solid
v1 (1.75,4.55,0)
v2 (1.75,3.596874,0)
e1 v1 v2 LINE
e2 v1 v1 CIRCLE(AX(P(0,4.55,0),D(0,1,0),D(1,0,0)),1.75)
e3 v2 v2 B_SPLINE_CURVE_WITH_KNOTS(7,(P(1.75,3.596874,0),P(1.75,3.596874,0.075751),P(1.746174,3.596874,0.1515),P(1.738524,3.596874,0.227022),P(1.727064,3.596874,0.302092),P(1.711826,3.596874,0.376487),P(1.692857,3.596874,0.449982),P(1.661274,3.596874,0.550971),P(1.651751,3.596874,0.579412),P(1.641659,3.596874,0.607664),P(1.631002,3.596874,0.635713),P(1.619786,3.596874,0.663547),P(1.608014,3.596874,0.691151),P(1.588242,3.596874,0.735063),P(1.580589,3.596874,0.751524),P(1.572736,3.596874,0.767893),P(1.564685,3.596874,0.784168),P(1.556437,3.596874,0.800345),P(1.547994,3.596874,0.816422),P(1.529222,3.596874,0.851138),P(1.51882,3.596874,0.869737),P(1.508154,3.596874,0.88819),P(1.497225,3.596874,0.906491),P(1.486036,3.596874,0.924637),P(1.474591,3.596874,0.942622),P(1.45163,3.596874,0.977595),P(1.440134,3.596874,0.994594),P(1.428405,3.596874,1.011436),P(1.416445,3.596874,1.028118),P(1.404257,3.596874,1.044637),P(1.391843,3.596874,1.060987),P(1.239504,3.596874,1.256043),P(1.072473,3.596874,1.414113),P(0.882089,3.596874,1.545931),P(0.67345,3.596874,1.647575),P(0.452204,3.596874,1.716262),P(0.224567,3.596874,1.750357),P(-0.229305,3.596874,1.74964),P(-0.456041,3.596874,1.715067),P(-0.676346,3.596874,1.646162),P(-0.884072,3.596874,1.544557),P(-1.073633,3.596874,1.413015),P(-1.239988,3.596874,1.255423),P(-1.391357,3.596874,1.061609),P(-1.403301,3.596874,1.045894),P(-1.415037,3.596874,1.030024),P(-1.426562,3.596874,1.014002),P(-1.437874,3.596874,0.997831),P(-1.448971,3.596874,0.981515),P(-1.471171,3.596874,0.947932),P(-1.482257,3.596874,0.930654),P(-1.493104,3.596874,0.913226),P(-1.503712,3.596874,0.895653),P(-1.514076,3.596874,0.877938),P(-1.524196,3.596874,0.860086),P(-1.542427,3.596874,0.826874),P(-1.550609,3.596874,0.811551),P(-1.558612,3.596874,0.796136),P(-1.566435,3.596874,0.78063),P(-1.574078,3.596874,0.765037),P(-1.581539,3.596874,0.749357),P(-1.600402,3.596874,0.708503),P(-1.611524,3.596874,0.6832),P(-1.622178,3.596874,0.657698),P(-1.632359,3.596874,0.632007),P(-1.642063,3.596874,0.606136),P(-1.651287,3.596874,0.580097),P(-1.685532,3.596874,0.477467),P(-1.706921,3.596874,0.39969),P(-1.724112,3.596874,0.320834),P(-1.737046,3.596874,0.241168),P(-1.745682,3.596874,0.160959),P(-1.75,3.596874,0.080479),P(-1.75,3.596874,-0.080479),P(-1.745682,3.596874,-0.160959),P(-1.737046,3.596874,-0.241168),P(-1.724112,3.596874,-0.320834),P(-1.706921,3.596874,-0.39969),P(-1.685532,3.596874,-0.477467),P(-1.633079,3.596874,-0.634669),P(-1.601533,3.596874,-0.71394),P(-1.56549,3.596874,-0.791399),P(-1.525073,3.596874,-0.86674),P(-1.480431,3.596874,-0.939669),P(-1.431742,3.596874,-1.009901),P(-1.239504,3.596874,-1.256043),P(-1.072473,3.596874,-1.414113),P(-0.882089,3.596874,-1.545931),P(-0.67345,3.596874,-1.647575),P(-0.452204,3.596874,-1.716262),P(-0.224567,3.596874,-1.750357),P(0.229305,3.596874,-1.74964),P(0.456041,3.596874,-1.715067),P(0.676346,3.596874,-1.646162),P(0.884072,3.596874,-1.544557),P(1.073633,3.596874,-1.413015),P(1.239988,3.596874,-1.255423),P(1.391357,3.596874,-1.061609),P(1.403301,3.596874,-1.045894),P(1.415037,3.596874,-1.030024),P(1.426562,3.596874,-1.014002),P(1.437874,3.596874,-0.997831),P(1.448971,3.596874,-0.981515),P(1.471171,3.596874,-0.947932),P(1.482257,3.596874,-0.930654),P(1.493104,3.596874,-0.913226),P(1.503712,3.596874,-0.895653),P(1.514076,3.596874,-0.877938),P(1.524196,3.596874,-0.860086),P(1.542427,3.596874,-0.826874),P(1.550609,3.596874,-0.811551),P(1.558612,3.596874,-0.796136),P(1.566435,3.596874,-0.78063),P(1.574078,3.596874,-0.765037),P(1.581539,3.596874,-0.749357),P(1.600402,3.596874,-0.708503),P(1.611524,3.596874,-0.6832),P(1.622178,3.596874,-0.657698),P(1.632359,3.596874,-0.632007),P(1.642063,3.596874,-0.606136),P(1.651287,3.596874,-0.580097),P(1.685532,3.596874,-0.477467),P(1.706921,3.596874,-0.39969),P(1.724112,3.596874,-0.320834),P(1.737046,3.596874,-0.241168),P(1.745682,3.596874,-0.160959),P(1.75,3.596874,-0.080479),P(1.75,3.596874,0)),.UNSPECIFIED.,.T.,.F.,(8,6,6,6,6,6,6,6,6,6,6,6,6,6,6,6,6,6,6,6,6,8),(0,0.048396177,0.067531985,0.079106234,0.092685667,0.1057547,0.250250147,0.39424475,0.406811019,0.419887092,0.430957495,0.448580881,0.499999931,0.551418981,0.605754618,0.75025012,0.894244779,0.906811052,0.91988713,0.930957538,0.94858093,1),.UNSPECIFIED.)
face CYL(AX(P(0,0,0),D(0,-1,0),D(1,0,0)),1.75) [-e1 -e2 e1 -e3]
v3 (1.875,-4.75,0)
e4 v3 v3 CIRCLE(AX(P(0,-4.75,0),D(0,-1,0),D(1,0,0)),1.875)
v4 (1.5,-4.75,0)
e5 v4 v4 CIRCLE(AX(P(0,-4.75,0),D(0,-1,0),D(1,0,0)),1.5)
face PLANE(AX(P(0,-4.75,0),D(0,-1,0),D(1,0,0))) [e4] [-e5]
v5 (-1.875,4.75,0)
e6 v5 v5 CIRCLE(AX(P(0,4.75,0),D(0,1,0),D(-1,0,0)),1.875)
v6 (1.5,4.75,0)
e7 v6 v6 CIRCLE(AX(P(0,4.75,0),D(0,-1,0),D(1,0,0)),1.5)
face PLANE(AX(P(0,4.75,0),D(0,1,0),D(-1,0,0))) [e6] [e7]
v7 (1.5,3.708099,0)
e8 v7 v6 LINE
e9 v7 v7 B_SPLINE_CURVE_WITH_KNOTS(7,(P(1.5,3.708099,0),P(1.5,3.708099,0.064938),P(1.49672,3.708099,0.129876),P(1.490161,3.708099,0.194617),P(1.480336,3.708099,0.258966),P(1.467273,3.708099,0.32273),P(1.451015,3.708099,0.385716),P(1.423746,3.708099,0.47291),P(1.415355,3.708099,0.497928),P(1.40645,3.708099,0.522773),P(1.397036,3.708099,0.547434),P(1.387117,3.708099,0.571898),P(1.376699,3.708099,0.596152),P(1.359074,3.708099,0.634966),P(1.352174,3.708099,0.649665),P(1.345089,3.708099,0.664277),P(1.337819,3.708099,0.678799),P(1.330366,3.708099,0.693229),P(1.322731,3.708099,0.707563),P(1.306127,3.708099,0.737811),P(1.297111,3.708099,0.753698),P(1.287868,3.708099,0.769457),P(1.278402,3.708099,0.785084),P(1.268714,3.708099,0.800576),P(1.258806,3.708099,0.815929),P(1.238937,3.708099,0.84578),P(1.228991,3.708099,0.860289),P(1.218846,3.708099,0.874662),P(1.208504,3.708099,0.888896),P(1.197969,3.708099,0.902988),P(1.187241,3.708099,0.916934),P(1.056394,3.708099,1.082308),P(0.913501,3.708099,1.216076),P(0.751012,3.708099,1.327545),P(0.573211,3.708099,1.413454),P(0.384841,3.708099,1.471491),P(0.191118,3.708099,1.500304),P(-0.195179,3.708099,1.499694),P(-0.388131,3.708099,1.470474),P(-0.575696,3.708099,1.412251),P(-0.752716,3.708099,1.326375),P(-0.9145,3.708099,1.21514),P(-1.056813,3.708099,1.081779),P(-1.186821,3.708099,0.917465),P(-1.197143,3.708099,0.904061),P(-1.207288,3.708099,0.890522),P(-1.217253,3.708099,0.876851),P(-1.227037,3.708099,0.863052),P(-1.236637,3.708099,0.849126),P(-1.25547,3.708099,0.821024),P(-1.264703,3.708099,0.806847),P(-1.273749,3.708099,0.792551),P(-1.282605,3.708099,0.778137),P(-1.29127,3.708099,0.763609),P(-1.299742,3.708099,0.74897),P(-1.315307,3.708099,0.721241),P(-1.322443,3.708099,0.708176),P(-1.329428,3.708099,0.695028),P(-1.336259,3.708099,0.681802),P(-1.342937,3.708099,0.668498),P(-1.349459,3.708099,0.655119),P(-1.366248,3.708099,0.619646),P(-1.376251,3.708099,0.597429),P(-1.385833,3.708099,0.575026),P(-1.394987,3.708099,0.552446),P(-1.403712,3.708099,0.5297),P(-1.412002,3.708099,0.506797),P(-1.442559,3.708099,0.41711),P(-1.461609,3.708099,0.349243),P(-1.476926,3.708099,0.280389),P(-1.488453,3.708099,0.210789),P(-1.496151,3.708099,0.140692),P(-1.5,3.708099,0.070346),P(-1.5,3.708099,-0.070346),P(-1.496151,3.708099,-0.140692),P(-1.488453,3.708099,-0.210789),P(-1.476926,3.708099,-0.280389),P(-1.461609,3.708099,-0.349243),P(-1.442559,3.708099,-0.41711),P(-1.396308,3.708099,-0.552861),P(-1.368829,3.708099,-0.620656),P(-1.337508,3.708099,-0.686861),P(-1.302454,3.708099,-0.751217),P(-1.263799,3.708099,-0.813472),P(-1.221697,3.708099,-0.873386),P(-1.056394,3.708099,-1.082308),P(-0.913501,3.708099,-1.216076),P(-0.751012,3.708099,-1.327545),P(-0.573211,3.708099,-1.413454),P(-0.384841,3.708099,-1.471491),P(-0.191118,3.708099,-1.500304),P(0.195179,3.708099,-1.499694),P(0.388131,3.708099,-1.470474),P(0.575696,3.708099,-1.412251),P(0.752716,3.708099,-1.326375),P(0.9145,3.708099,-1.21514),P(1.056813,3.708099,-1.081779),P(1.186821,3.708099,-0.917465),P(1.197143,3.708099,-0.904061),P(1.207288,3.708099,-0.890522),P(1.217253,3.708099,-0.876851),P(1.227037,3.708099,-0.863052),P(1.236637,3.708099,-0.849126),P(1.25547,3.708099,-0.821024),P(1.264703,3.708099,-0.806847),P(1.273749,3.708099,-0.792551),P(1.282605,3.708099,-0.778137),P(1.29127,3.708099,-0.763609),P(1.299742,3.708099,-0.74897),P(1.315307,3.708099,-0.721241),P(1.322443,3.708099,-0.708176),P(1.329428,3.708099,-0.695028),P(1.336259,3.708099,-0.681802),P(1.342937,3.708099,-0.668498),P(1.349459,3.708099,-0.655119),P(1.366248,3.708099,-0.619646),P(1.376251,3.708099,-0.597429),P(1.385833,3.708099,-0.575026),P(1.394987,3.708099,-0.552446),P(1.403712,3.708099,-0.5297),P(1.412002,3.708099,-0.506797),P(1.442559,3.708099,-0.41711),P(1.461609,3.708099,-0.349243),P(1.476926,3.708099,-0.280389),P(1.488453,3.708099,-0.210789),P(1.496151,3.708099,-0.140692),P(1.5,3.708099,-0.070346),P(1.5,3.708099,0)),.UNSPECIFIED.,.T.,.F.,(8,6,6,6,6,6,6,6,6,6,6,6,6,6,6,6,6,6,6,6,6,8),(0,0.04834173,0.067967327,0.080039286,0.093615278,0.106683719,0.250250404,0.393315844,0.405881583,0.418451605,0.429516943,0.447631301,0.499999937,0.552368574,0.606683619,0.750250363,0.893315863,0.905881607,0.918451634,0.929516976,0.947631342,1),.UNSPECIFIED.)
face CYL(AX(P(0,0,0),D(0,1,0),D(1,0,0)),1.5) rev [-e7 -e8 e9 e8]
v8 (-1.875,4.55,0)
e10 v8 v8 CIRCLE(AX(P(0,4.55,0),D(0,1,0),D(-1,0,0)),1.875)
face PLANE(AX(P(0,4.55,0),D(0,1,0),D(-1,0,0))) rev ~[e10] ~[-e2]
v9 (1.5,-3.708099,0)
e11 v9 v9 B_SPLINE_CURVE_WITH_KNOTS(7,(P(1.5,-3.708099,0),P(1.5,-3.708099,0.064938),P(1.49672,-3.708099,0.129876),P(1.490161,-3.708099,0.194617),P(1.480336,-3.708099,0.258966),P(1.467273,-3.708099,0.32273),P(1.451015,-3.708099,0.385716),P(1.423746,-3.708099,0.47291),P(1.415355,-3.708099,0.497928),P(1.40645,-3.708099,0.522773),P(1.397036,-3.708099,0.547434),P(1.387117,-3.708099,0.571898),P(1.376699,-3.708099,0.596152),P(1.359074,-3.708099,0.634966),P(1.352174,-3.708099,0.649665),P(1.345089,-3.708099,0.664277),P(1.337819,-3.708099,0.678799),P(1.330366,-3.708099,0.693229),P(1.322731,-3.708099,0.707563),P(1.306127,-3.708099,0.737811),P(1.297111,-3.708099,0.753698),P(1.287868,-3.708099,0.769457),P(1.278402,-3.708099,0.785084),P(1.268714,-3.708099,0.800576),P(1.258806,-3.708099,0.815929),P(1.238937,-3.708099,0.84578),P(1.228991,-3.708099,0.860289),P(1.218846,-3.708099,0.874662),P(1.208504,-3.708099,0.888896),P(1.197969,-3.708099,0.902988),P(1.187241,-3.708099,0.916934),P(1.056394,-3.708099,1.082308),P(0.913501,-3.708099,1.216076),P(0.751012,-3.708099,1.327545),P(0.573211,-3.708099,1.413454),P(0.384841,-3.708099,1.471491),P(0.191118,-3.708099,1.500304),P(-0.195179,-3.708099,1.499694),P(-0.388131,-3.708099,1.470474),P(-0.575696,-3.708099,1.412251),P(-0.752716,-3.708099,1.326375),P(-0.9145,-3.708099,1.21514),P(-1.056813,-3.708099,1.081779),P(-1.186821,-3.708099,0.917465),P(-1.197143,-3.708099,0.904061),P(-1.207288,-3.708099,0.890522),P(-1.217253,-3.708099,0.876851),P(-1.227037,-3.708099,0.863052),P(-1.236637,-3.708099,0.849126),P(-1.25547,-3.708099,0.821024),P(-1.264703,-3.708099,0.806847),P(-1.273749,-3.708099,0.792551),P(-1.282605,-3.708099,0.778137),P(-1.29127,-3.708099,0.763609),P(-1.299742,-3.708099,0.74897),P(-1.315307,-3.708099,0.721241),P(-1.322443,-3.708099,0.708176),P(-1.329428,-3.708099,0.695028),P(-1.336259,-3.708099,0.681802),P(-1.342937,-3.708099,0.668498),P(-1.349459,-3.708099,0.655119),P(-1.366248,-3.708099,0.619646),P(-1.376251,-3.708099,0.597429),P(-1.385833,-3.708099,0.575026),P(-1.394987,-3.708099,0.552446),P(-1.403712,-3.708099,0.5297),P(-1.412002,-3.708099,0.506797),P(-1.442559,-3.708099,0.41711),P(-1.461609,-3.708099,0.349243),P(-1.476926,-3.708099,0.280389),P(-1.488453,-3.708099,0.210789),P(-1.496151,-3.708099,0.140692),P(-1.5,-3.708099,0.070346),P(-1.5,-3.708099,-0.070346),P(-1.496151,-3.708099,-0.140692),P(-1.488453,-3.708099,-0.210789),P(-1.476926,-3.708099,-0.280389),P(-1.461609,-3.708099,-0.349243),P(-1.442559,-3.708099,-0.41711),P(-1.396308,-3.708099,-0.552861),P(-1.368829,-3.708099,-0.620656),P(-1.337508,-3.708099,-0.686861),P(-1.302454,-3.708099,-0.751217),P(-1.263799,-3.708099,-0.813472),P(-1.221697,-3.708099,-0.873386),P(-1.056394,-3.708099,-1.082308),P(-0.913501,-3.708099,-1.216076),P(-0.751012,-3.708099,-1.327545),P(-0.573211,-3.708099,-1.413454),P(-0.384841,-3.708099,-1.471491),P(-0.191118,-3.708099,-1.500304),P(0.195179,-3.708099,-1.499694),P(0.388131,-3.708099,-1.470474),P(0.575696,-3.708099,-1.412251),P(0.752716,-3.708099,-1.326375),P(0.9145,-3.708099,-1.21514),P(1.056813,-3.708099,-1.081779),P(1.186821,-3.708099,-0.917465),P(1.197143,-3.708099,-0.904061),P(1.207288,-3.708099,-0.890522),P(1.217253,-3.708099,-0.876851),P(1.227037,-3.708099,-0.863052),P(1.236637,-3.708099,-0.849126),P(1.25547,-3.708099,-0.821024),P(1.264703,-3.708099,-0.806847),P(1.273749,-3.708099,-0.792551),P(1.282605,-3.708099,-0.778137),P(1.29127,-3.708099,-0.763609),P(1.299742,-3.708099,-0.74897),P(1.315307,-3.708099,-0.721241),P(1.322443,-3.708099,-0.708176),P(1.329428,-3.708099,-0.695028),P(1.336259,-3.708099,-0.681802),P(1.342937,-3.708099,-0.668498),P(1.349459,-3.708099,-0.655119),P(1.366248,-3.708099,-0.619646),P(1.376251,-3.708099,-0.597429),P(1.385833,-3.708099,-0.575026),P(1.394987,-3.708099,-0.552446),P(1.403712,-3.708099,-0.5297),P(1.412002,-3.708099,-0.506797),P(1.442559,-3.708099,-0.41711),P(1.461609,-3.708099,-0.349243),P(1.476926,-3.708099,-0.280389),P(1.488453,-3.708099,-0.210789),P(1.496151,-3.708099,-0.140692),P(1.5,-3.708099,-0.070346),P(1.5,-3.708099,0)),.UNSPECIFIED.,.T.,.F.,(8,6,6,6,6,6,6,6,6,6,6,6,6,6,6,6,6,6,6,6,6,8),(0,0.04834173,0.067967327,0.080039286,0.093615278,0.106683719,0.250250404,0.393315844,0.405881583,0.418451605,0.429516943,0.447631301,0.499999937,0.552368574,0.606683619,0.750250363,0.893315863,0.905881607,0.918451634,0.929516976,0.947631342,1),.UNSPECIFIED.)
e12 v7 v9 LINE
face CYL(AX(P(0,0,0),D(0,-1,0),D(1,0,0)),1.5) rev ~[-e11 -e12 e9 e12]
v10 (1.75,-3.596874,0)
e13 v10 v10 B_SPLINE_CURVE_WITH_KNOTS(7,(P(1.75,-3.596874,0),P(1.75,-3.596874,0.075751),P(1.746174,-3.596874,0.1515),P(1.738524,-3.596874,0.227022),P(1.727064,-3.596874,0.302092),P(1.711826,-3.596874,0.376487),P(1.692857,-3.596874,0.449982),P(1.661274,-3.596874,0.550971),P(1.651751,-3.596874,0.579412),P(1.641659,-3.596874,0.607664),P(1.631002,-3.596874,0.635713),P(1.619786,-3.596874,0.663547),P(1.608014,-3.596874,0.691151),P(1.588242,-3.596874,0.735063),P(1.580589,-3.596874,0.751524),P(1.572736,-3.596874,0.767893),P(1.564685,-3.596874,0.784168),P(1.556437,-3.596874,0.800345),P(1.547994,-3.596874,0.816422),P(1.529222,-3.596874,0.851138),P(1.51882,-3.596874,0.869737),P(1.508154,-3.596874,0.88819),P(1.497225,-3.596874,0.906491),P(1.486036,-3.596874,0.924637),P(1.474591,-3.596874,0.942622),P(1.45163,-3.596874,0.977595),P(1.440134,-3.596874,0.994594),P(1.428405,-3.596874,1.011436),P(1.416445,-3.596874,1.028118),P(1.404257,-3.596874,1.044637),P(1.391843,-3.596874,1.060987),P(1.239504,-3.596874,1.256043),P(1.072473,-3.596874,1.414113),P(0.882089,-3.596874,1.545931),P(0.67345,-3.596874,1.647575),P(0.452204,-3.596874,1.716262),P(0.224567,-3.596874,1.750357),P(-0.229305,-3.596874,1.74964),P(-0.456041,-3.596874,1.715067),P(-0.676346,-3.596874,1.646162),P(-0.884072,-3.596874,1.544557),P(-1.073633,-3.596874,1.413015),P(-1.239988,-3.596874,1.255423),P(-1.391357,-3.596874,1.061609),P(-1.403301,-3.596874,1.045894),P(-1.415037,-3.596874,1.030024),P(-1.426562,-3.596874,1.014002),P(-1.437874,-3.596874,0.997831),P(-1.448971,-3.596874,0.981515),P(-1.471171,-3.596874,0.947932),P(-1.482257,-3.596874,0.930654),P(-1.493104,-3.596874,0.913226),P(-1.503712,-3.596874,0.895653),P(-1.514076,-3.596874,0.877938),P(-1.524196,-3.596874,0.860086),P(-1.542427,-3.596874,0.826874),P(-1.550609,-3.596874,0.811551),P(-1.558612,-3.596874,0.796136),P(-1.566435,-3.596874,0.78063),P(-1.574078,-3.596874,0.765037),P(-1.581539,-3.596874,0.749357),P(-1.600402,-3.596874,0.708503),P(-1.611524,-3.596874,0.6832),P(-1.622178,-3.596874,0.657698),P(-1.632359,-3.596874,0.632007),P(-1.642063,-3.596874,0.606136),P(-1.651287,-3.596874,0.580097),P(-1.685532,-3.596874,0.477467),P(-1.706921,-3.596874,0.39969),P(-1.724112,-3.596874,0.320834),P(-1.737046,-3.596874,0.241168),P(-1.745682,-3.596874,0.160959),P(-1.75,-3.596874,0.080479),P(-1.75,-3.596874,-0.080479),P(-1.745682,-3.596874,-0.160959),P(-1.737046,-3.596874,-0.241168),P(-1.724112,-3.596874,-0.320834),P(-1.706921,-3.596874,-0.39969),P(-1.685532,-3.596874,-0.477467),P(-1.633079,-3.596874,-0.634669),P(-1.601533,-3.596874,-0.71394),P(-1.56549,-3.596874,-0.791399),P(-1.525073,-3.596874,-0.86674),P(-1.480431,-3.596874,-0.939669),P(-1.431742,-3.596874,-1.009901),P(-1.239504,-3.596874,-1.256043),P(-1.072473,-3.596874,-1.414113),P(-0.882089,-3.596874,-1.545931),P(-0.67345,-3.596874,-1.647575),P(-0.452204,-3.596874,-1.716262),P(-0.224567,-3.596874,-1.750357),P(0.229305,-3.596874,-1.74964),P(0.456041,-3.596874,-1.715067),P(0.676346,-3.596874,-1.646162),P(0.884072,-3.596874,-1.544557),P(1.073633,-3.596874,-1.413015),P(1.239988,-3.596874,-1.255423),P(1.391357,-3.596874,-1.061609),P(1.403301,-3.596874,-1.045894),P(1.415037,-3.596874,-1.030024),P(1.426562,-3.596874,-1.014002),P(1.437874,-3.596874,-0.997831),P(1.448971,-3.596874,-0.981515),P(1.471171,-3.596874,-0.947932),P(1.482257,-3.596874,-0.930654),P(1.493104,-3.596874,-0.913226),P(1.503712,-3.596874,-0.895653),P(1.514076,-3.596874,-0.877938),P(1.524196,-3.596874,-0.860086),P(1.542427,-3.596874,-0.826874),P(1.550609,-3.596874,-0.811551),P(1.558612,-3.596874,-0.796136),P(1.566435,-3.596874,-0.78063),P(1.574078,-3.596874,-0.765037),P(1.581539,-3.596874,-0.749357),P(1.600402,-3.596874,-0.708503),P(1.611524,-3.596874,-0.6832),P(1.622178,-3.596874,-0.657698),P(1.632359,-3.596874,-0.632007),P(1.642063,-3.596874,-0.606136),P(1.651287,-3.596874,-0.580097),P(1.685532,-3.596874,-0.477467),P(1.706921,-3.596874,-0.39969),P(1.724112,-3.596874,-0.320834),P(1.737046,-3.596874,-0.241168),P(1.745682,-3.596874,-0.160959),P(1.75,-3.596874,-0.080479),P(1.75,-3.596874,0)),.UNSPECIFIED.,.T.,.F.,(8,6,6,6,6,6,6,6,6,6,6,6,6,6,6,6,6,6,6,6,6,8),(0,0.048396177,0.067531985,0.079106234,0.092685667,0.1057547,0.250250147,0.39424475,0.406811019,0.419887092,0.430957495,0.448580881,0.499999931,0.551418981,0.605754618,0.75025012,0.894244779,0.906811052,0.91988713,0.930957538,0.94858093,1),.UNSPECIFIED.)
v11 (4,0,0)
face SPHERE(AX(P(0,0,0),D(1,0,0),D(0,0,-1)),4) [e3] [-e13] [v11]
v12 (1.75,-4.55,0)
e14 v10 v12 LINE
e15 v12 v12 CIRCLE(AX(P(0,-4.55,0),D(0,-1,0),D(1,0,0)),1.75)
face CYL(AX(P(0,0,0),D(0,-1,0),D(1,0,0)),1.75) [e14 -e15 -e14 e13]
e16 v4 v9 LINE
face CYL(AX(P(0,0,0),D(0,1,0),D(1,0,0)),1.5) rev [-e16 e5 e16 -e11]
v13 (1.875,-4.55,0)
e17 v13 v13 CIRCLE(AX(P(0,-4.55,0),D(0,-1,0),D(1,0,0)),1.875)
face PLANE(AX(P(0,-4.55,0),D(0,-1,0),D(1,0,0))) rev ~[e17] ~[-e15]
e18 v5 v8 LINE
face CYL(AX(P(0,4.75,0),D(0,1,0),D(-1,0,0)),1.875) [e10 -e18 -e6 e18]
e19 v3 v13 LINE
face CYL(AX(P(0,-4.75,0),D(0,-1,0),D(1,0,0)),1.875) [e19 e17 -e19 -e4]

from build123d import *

# Parameters (mm, degrees)
F2_R     = 1.5
F3_DEPTH = 12.5
F2_R_2   = 1.75
F4_DEPTH = 4.75
F5_R     = 1.875
F5_R_2   = 1.75
F6_DEPTH = 0.2
F7_R     = 1.875
F7_R_2   = 1.75
F8_DEPTH = 0.2


with BuildPart() as f1:
    # F0 (on Front) → F1 (revolve)
    with BuildSketch(Plane.XZ):
        with BuildLine():
            ThreePointArc((-4, 0), (0, -4), (4, 0))
            Line((4, 0), (-4, 0))
        make_face()
    revolve(axis=Axis((3.253754, 0, 0), (1, 0, 0)))

    # F2 (on Front) → F3 (cut, symmetric)
    with BuildSketch(Plane.XZ):
        Circle(F2_R)
    extrude(amount=F3_DEPTH, both=True, mode=Mode.SUBTRACT)

    # F2 (on Front) → F4 (join, symmetric)
    with BuildSketch(Plane.XZ):
        Circle(F2_R_2)
        Circle(F2_R, mode=Mode.SUBTRACT)
    extrude(amount=F4_DEPTH, both=True)

    # F5 (on face) → F6 (join)
    with BuildSketch(Plane.XZ.offset(4.75)):
        Circle(F5_R)
        Circle(F5_R_2, mode=Mode.SUBTRACT)
    extrude(amount=-F6_DEPTH)

    # F7 (on face) → F8 (join)
    with BuildSketch(Plane(origin=(0, 4.75, 0), x_dir=(-1, 0, 0), z_dir=(0, 1, 0))):
        Circle(F7_R)
        Circle(F7_R_2, mode=Mode.SUBTRACT)
    extrude(amount=-F8_DEPTH)


solid = f1.part
